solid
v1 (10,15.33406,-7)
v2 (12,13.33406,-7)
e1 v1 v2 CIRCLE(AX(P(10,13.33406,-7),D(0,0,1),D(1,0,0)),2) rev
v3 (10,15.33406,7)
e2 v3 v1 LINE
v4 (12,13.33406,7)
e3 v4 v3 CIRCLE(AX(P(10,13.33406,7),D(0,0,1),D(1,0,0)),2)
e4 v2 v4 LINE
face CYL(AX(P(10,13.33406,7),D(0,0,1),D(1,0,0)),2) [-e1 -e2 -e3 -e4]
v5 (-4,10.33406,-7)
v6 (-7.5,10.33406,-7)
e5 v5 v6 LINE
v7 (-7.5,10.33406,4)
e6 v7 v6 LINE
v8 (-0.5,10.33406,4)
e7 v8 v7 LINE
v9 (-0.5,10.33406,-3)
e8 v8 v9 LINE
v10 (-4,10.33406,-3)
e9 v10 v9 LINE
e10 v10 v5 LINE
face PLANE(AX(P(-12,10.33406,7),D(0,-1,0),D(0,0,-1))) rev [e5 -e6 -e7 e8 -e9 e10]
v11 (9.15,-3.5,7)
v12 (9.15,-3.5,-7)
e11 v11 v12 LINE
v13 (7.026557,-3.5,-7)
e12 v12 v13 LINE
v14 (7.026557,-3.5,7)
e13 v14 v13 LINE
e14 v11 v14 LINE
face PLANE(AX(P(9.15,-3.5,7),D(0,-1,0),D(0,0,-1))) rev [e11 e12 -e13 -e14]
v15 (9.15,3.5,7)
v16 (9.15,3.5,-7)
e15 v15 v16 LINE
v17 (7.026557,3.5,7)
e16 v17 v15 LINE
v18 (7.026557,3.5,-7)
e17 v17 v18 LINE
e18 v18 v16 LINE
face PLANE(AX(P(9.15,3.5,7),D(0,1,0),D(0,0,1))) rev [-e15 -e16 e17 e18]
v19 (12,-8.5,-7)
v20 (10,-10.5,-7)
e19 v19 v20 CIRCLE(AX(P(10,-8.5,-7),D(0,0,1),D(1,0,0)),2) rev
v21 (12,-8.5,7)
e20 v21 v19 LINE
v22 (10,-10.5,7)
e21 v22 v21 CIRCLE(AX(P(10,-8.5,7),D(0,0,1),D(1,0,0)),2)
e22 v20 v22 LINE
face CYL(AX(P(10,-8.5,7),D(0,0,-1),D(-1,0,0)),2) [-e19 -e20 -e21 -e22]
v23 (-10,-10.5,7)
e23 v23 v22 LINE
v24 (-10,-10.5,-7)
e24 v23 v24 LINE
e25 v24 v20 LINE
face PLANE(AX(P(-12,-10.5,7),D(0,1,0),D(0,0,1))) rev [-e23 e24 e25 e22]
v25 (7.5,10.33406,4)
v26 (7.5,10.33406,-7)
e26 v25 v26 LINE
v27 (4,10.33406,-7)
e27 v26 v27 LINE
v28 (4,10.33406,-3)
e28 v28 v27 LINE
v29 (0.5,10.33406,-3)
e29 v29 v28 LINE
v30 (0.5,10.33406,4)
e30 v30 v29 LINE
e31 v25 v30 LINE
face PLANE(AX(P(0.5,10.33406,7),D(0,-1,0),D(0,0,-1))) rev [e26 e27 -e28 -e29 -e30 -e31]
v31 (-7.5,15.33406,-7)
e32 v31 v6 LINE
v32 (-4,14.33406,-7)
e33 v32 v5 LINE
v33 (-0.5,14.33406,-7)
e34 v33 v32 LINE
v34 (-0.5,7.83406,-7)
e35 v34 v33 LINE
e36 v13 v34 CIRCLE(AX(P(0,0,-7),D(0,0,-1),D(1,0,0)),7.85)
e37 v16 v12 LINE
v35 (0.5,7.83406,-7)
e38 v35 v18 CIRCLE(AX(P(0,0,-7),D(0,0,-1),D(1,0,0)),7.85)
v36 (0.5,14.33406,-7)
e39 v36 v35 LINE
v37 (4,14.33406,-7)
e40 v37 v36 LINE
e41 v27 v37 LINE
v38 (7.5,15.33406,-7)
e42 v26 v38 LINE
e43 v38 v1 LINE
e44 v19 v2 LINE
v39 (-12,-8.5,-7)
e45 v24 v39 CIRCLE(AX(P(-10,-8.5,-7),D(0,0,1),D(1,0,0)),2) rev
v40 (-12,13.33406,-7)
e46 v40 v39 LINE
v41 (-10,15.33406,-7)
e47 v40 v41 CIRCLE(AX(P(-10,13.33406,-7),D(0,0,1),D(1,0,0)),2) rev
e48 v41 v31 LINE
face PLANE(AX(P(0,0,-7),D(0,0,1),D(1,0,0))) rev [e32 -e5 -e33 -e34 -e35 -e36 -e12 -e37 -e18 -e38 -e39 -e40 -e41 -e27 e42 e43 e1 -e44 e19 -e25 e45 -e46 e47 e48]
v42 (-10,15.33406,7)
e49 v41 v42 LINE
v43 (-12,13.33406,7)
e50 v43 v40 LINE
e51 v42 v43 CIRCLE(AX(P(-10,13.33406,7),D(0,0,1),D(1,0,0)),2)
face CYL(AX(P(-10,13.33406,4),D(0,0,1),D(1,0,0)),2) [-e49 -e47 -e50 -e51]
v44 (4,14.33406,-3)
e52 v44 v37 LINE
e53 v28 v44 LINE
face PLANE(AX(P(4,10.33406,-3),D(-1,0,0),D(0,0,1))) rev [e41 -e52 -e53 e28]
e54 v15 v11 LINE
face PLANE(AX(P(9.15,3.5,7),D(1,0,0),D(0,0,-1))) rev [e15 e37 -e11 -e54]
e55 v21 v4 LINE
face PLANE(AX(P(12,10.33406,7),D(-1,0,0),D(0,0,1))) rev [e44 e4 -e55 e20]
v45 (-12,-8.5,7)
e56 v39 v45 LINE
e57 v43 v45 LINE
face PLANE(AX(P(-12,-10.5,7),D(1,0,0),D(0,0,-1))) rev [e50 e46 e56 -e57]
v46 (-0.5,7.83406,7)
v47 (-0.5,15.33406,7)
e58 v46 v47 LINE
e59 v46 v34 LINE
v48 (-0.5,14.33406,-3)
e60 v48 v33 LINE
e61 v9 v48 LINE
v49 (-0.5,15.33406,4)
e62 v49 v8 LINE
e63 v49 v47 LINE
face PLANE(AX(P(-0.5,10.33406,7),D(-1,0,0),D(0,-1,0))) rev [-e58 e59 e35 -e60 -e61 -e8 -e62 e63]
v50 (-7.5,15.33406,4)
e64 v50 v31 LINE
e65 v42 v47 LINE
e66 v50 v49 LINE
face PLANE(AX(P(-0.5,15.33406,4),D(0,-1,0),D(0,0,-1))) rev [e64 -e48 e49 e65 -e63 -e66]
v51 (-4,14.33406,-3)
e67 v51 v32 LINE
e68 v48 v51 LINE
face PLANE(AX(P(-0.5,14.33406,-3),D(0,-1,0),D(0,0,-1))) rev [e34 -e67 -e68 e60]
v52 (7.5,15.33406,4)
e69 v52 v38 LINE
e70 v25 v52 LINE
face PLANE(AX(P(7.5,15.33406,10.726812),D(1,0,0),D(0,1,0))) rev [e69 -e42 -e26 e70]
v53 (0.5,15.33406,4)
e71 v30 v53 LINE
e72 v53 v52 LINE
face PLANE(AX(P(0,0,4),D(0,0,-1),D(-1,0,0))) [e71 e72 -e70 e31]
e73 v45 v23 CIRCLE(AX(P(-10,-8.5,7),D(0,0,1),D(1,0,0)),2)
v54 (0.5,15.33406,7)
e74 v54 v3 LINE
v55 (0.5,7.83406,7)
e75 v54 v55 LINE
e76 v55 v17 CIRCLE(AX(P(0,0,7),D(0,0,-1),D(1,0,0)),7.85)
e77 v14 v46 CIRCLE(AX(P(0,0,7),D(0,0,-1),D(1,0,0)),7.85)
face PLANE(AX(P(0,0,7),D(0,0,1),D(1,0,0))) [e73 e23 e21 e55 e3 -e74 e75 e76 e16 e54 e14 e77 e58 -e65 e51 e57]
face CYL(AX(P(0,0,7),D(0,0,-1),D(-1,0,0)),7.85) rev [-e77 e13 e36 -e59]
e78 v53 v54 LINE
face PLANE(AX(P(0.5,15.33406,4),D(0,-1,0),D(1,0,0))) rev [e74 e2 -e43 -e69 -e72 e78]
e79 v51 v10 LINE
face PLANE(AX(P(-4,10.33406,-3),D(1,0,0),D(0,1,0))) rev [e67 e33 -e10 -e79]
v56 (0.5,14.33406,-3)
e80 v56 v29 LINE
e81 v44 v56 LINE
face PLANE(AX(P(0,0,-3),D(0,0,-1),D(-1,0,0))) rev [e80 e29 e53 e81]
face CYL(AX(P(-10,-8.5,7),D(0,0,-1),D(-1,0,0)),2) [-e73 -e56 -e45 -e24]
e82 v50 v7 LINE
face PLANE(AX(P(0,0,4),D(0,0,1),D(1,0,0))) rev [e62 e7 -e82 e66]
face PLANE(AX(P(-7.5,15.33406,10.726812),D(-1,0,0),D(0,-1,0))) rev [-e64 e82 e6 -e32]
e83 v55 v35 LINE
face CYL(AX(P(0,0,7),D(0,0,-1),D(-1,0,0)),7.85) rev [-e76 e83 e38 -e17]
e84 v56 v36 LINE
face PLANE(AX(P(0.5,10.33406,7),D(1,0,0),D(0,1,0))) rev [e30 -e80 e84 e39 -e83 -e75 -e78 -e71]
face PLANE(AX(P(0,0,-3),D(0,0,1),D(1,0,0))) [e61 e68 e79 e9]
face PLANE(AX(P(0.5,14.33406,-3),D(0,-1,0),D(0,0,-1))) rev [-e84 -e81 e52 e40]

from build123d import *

# Parameters (mm, degrees)
SALIENTE_EXTRUIR1_DEPTH = 7
CROQUIS2_W              = 3.5
CROQUIS2_H              = 4
SALIENTE_EXTRUIR2_DEPTH = 4
CROQUIS3_W              = 11.5
CROQUIS3_H              = 5
SALIENTE_EXTRUIR3_DEPTH = 3
SALIENTE_EXTRUIR4_START = -7
CROQUIS4_W              = 4.5
CROQUIS4_H              = 5
SALIENTE_EXTRUIR4_DEPTH = 11
REDONDEO3_R             = 2


with BuildPart() as part:
    # Croquis1 → Saliente-Extruir1 (new, symmetric)
    with BuildSketch(Plane.XY):
        with BuildLine():
            Line((-12, -10.5), (12, -10.5))
            Line((12, -10.5), (12, 10.33406025))
            Line((12, 10.33406025), (0.5, 10.33406025))
            Line((0.5, 10.33406025), (0.5, 7.83406025))
            ThreePointArc((0.5, 7.83406025), (4.342612549, 6.539435468), (7.026556767, 3.5))
            Line((7.026556767, 3.5), (9.15, 3.5))
            Line((9.15, 3.5), (9.15, -3.5))
            Line((9.15, -3.5), (7.026556767, -3.5))
            ThreePointArc((7.026556767, -3.5), (-6.539435468, -4.342612549), (-0.5, 7.83406025))
            Line((-0.5, 7.83406025), (-0.5, 10.33406025))
            Line((-0.5, 10.33406025), (-12, 10.33406025))
            Line((-12, 10.33406025), (-12, -10.5))
        make_face()
    extrude(amount=SALIENTE_EXTRUIR1_DEPTH, both=True)

    # Croquis2 → Saliente-Extruir2 (add)
    with BuildSketch(Plane.XY.offset(-7)):
        with Locations((2.25, 12.33406025)):
            Rectangle(CROQUIS2_W, CROQUIS2_H)
        with Locations((-2.25, 12.33406025)):
            Rectangle(CROQUIS2_W, CROQUIS2_H)
    extrude(amount=SALIENTE_EXTRUIR2_DEPTH)

    # Croquis3 → Saliente-Extruir3 (add)
    with BuildSketch(Plane(origin=(0, 0, 7), x_dir=(-1, 0, 0), z_dir=(0, 0, -1))):
        with Locations((-6.25, 12.83406025)):
            Rectangle(CROQUIS3_W, CROQUIS3_H)
        with Locations((6.25, 12.83406025)):
            Rectangle(CROQUIS3_W, CROQUIS3_H)
    extrude(amount=SALIENTE_EXTRUIR3_DEPTH)

    # Croquis4 → Saliente-Extruir4 (add)
    with BuildSketch(Plane.XY.offset(SALIENTE_EXTRUIR4_START)):
        with Locations((-9.75, 12.83406025)):
            Rectangle(CROQUIS4_W, CROQUIS4_H)
        with Locations((9.75, 12.83406025)):
            Rectangle(CROQUIS4_W, CROQUIS4_H)
    extrude(amount=SALIENTE_EXTRUIR4_DEPTH)

    # Redondeo3
    redondeo3_edges = [part.edges().sort_by_distance(p)[0] for p in [
        (12, -10.5, 0),
        (-12, -10.5, 0),
        (12, 15.33406025, 0),
        (-12, 15.33406025, 0),
    ]]
    fillet(redondeo3_edges, radius=REDONDEO3_R)


solid = part.part
